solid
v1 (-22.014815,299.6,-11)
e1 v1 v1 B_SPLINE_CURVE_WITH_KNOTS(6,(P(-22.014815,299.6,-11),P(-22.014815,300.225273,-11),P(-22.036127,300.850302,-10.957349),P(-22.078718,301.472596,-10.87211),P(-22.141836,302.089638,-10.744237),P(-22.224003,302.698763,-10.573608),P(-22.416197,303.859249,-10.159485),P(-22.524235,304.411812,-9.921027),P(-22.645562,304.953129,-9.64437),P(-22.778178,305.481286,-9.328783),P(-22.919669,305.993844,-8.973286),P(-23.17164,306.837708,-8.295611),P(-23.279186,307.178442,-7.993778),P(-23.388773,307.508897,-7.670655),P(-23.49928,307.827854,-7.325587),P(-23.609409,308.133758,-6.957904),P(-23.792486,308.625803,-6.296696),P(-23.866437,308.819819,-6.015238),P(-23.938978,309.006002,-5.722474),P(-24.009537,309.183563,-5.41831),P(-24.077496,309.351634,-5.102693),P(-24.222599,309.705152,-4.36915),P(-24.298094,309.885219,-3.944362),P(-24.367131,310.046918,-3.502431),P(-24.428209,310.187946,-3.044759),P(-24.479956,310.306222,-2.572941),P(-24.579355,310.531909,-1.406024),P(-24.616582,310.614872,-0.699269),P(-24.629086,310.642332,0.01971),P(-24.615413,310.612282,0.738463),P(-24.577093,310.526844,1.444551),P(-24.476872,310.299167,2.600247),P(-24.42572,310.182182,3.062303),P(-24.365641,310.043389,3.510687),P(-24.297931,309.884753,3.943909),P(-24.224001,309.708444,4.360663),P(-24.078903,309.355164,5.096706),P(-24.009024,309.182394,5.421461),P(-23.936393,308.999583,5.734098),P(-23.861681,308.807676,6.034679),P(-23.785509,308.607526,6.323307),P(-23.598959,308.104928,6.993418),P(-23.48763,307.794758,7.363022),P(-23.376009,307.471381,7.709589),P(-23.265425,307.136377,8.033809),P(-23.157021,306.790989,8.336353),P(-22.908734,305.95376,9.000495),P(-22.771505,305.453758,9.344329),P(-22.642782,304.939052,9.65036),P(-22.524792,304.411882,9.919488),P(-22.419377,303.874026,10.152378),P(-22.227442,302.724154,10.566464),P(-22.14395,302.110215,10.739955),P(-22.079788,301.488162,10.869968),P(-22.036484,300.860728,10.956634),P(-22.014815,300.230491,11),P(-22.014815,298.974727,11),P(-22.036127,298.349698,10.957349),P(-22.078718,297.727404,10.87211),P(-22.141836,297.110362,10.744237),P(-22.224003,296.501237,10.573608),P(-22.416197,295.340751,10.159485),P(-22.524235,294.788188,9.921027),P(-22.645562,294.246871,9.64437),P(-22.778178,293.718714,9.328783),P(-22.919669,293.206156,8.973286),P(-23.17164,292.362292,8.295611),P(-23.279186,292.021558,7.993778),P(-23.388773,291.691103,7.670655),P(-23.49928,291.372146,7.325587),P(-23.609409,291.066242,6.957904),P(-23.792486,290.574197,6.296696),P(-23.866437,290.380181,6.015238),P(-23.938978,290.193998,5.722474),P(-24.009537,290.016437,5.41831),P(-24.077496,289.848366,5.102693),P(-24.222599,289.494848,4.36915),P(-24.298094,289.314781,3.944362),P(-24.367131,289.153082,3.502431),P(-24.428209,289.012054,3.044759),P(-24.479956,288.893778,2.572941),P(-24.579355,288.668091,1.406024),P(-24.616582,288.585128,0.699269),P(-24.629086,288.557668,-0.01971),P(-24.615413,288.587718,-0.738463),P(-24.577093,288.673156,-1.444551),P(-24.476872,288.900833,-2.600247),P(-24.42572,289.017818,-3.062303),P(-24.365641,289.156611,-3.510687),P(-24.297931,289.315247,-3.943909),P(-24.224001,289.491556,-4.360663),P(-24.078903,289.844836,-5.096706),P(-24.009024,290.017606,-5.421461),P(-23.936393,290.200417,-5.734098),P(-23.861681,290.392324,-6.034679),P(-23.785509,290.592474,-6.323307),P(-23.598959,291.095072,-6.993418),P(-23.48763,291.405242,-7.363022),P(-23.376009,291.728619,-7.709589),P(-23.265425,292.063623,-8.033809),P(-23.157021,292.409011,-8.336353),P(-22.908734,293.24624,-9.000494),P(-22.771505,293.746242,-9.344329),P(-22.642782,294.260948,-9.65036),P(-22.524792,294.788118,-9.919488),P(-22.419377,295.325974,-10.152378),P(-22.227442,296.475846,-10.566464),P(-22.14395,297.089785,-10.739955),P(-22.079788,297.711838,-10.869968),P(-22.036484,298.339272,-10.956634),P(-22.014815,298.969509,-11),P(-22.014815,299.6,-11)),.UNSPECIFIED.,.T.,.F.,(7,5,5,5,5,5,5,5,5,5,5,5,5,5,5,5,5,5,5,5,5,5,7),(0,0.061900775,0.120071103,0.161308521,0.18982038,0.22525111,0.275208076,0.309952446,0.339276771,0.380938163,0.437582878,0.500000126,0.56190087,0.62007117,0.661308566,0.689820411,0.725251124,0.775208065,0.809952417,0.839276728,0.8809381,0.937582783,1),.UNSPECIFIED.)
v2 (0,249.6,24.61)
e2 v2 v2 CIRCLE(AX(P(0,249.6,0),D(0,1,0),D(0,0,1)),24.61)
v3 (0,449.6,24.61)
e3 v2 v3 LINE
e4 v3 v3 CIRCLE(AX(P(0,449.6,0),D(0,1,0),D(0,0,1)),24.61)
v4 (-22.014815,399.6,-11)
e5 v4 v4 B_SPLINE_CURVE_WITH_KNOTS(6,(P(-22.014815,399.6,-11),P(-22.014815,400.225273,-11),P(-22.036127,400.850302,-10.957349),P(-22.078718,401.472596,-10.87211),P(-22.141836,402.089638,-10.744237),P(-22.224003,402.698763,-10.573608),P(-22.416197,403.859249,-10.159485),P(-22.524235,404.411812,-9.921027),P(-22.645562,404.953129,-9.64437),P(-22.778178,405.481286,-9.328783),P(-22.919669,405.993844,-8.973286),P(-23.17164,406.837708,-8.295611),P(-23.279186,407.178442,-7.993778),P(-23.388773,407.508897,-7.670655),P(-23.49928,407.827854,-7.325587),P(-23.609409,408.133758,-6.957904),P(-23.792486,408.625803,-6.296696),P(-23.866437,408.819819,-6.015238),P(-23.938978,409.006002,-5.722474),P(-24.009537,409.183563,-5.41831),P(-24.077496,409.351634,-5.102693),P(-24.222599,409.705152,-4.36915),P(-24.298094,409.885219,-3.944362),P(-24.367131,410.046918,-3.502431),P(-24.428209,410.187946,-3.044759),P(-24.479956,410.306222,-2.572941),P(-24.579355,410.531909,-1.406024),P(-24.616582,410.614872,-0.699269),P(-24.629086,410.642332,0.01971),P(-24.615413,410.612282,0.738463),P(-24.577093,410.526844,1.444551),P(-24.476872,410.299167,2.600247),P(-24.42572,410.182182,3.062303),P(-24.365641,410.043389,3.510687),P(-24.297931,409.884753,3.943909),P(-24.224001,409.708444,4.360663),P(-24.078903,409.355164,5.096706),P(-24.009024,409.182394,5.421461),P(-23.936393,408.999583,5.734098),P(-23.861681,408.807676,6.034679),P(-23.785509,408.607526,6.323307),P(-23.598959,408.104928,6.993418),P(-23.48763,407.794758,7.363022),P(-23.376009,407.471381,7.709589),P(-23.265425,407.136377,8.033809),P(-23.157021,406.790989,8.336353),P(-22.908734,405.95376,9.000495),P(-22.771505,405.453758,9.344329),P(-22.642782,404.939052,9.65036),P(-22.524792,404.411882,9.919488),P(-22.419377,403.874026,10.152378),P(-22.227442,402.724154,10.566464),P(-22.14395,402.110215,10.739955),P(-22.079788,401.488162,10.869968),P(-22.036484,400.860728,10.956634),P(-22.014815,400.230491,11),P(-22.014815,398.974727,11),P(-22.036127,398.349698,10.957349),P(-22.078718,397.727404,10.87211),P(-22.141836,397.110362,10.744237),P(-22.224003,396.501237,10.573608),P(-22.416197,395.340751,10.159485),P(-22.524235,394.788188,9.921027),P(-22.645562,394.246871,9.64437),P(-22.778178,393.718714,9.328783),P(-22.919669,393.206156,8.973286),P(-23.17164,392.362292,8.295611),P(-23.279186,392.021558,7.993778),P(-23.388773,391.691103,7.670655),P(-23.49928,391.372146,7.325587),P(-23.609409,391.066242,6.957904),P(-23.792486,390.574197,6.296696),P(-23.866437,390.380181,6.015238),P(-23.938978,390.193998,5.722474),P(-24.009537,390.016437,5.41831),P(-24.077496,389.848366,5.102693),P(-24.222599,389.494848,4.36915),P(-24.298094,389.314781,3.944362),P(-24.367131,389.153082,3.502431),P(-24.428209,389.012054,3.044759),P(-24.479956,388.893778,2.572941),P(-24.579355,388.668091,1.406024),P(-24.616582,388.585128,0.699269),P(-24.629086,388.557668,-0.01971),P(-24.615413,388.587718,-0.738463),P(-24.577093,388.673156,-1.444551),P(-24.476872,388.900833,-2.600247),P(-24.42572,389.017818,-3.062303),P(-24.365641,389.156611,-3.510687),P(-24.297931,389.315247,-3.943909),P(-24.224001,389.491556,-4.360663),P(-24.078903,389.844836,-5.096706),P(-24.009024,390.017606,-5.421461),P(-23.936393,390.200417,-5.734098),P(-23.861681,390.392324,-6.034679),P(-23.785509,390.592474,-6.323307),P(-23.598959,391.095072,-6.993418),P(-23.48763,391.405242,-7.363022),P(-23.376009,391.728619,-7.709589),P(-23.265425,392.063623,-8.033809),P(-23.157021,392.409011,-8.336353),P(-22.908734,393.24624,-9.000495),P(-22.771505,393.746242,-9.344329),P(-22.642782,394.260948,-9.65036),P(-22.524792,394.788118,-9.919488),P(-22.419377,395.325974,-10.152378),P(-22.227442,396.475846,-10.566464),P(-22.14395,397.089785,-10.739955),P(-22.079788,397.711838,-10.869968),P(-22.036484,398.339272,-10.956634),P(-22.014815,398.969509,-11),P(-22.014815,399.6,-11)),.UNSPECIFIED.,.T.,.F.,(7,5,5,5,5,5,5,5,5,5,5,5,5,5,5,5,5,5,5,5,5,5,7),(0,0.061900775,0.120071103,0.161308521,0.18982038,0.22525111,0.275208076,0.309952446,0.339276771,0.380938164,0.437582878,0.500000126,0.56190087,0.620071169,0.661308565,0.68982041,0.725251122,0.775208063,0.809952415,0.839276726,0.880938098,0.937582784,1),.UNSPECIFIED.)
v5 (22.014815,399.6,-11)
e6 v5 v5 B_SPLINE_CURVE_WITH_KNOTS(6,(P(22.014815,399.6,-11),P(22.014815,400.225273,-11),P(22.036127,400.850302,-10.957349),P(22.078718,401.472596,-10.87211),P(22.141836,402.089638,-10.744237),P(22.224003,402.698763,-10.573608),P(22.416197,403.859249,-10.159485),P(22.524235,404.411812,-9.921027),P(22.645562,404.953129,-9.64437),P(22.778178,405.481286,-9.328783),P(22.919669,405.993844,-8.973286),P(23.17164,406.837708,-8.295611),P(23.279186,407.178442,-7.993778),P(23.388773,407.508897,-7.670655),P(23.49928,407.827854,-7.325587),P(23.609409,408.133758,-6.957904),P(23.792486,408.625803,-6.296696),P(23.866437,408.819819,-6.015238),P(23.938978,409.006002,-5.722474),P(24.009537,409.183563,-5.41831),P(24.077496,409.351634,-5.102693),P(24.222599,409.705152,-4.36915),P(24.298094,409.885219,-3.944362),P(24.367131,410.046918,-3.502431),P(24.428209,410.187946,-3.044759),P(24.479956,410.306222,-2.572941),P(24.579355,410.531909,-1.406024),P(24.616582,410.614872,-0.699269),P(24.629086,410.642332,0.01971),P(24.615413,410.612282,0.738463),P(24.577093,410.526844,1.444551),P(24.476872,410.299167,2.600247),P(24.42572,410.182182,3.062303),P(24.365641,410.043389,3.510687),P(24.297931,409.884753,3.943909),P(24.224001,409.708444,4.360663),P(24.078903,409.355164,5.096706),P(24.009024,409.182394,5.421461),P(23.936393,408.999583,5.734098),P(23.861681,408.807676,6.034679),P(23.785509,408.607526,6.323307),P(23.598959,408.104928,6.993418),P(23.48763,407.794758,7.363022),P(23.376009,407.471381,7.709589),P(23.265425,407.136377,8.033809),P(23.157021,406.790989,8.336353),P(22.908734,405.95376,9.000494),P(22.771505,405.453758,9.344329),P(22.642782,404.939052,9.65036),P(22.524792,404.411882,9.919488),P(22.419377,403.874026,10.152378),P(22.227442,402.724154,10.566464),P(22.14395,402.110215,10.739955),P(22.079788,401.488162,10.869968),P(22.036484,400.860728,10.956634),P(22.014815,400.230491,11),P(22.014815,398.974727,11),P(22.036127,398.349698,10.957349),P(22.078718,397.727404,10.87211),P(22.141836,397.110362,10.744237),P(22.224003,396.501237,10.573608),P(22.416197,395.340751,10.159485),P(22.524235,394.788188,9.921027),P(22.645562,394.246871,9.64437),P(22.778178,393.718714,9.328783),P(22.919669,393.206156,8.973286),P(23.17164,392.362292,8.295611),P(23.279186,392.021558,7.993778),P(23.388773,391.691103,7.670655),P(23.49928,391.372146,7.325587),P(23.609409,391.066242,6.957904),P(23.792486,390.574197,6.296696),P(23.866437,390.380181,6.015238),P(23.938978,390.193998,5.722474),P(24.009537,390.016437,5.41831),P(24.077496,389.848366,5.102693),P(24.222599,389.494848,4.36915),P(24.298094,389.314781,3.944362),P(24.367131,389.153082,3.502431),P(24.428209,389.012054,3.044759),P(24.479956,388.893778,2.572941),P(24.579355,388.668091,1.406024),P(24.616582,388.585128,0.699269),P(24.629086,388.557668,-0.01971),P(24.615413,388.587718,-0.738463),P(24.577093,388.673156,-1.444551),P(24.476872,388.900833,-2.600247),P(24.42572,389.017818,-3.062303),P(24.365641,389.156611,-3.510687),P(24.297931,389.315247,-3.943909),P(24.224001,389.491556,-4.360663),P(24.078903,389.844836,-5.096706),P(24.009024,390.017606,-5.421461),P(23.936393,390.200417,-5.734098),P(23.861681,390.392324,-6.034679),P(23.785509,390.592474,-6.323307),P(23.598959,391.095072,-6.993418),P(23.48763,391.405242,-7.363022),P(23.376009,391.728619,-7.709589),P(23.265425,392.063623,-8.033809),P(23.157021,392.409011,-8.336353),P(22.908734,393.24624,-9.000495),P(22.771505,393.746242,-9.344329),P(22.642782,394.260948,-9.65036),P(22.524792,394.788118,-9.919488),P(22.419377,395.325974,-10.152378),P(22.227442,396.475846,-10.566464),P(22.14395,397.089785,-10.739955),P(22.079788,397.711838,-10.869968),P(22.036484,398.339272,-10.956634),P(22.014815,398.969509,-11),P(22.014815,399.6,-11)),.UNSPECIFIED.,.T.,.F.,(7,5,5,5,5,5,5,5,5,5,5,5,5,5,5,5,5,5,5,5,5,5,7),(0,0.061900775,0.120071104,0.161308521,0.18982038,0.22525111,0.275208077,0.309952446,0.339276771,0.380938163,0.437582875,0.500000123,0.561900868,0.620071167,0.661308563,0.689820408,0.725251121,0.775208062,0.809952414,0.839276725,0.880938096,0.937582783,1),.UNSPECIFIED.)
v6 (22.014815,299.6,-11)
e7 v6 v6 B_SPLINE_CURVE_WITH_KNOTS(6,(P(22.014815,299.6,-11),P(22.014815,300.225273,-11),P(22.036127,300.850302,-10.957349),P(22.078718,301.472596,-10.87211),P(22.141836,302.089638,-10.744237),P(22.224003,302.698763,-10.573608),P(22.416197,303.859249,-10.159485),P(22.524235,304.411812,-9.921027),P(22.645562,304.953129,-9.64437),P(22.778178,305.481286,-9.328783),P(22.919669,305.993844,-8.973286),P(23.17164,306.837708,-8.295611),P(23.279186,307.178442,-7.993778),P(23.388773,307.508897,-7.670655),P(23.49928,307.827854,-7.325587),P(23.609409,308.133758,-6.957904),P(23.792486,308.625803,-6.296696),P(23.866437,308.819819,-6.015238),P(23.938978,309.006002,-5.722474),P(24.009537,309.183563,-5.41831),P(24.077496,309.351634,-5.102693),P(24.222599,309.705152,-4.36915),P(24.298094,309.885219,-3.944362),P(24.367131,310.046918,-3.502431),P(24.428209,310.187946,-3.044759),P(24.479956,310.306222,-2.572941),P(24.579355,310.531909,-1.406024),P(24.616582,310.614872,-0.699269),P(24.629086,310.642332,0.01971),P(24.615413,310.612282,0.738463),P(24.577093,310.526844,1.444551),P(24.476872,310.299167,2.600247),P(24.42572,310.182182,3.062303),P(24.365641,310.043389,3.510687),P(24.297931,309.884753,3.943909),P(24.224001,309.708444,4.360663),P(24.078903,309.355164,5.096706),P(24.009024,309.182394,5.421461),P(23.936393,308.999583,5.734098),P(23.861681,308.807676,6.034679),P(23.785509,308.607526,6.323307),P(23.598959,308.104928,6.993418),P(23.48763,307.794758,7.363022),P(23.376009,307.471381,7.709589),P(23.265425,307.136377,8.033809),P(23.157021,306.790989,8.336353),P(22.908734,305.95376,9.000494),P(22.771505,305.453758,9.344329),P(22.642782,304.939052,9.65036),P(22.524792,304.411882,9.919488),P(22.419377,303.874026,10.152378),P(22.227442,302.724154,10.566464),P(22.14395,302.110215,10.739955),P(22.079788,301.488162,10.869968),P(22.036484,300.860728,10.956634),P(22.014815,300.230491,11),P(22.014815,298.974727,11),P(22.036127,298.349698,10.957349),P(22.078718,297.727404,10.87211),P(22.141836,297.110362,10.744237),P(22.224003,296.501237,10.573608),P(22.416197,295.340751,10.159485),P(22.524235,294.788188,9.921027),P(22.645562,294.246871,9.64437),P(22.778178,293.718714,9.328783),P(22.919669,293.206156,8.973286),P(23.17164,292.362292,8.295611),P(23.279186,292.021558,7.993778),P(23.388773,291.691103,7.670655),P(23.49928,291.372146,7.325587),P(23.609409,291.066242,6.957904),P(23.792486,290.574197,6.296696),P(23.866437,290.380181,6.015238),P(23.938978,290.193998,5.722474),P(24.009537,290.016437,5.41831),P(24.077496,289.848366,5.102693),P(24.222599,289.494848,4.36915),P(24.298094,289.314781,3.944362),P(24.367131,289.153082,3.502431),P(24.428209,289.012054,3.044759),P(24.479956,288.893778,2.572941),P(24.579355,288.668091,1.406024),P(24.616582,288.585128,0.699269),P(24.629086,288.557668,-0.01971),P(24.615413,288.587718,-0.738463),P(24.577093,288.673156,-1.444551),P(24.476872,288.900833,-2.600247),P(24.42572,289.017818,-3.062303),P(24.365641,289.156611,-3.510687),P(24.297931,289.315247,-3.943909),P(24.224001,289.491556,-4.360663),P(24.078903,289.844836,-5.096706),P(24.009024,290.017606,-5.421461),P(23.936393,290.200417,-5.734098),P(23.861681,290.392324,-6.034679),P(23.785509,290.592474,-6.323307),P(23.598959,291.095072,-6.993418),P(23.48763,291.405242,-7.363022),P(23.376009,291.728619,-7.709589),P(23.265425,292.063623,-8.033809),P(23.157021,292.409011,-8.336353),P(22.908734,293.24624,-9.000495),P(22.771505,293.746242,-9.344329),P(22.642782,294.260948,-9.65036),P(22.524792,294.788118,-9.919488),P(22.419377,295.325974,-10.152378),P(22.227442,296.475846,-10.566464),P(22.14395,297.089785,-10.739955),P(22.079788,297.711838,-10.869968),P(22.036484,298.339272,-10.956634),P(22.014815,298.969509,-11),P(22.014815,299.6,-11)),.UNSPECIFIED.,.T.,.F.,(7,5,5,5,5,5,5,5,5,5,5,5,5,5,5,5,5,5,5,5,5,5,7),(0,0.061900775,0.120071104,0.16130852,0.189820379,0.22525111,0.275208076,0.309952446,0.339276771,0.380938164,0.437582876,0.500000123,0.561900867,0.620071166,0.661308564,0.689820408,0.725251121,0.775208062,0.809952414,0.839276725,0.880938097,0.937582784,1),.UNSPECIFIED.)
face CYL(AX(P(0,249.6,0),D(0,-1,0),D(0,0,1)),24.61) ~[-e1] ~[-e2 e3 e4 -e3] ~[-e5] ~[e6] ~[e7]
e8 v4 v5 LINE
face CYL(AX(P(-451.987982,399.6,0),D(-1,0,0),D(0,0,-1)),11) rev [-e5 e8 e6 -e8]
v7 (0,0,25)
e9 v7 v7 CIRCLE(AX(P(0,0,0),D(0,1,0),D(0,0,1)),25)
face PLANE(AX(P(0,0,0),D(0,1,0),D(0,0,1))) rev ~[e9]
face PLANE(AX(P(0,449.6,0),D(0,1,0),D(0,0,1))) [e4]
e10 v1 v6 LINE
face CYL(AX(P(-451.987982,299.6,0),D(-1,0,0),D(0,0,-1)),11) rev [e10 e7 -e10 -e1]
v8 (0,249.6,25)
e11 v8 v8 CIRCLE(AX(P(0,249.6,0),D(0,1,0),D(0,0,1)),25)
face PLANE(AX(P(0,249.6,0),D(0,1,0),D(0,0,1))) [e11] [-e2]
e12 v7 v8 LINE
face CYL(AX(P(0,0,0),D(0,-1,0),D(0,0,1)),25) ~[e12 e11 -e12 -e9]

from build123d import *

# Parameters (mm, degrees)
SKETCH1_R               = 25
BOSS_EXTRUDE1_DEPTH     = 249.6
SKETCH2_R               = 24.61
BOSS_EXTRUDE2_DEPTH     = 200
CUT_EXTRUDE1_DEPTH      = 451.987982102
CUT_EXTRUDE1_DEPTH_BACK = 451.987982102
SKETCH3_R               = 11


with BuildPart() as part:
    # Sketch1 → Boss-Extrude1 (new body)
    with BuildSketch(Plane(origin=(0, 0, 0), x_dir=(1, 0, 0), z_dir=(0, 1, 0))):
        with Locations(Location((0, 0, 0), (0, 0, 270))):
            Circle(SKETCH1_R)
    extrude(amount=BOSS_EXTRUDE1_DEPTH)

    # Sketch2 → Boss-Extrude2 (add)
    with BuildSketch(Plane(origin=(0, 249.6, 0), x_dir=(1, 0, 0), z_dir=(0, 1, 0))):
        with Locations(Location((0, 0, 0), (0, 0, 270))):
            Circle(SKETCH2_R)
    extrude(amount=BOSS_EXTRUDE2_DEPTH)

    # Sketch3 → Cut-Extrude1 (cut, two sides: drawn at the far end of the back side and taken through both)
    with BuildSketch(Plane(origin=(0, 0, 0), x_dir=(0, 0, -1), z_dir=(1, 0, 0)).offset(-CUT_EXTRUDE1_DEPTH_BACK)):
        with Locations((0, 299.6)):
            Circle(SKETCH3_R)
        with Locations((0, 399.6)):
            Circle(SKETCH3_R)
    extrude(amount=CUT_EXTRUDE1_DEPTH + CUT_EXTRUDE1_DEPTH_BACK, mode=Mode.SUBTRACT)


solid = part.part
